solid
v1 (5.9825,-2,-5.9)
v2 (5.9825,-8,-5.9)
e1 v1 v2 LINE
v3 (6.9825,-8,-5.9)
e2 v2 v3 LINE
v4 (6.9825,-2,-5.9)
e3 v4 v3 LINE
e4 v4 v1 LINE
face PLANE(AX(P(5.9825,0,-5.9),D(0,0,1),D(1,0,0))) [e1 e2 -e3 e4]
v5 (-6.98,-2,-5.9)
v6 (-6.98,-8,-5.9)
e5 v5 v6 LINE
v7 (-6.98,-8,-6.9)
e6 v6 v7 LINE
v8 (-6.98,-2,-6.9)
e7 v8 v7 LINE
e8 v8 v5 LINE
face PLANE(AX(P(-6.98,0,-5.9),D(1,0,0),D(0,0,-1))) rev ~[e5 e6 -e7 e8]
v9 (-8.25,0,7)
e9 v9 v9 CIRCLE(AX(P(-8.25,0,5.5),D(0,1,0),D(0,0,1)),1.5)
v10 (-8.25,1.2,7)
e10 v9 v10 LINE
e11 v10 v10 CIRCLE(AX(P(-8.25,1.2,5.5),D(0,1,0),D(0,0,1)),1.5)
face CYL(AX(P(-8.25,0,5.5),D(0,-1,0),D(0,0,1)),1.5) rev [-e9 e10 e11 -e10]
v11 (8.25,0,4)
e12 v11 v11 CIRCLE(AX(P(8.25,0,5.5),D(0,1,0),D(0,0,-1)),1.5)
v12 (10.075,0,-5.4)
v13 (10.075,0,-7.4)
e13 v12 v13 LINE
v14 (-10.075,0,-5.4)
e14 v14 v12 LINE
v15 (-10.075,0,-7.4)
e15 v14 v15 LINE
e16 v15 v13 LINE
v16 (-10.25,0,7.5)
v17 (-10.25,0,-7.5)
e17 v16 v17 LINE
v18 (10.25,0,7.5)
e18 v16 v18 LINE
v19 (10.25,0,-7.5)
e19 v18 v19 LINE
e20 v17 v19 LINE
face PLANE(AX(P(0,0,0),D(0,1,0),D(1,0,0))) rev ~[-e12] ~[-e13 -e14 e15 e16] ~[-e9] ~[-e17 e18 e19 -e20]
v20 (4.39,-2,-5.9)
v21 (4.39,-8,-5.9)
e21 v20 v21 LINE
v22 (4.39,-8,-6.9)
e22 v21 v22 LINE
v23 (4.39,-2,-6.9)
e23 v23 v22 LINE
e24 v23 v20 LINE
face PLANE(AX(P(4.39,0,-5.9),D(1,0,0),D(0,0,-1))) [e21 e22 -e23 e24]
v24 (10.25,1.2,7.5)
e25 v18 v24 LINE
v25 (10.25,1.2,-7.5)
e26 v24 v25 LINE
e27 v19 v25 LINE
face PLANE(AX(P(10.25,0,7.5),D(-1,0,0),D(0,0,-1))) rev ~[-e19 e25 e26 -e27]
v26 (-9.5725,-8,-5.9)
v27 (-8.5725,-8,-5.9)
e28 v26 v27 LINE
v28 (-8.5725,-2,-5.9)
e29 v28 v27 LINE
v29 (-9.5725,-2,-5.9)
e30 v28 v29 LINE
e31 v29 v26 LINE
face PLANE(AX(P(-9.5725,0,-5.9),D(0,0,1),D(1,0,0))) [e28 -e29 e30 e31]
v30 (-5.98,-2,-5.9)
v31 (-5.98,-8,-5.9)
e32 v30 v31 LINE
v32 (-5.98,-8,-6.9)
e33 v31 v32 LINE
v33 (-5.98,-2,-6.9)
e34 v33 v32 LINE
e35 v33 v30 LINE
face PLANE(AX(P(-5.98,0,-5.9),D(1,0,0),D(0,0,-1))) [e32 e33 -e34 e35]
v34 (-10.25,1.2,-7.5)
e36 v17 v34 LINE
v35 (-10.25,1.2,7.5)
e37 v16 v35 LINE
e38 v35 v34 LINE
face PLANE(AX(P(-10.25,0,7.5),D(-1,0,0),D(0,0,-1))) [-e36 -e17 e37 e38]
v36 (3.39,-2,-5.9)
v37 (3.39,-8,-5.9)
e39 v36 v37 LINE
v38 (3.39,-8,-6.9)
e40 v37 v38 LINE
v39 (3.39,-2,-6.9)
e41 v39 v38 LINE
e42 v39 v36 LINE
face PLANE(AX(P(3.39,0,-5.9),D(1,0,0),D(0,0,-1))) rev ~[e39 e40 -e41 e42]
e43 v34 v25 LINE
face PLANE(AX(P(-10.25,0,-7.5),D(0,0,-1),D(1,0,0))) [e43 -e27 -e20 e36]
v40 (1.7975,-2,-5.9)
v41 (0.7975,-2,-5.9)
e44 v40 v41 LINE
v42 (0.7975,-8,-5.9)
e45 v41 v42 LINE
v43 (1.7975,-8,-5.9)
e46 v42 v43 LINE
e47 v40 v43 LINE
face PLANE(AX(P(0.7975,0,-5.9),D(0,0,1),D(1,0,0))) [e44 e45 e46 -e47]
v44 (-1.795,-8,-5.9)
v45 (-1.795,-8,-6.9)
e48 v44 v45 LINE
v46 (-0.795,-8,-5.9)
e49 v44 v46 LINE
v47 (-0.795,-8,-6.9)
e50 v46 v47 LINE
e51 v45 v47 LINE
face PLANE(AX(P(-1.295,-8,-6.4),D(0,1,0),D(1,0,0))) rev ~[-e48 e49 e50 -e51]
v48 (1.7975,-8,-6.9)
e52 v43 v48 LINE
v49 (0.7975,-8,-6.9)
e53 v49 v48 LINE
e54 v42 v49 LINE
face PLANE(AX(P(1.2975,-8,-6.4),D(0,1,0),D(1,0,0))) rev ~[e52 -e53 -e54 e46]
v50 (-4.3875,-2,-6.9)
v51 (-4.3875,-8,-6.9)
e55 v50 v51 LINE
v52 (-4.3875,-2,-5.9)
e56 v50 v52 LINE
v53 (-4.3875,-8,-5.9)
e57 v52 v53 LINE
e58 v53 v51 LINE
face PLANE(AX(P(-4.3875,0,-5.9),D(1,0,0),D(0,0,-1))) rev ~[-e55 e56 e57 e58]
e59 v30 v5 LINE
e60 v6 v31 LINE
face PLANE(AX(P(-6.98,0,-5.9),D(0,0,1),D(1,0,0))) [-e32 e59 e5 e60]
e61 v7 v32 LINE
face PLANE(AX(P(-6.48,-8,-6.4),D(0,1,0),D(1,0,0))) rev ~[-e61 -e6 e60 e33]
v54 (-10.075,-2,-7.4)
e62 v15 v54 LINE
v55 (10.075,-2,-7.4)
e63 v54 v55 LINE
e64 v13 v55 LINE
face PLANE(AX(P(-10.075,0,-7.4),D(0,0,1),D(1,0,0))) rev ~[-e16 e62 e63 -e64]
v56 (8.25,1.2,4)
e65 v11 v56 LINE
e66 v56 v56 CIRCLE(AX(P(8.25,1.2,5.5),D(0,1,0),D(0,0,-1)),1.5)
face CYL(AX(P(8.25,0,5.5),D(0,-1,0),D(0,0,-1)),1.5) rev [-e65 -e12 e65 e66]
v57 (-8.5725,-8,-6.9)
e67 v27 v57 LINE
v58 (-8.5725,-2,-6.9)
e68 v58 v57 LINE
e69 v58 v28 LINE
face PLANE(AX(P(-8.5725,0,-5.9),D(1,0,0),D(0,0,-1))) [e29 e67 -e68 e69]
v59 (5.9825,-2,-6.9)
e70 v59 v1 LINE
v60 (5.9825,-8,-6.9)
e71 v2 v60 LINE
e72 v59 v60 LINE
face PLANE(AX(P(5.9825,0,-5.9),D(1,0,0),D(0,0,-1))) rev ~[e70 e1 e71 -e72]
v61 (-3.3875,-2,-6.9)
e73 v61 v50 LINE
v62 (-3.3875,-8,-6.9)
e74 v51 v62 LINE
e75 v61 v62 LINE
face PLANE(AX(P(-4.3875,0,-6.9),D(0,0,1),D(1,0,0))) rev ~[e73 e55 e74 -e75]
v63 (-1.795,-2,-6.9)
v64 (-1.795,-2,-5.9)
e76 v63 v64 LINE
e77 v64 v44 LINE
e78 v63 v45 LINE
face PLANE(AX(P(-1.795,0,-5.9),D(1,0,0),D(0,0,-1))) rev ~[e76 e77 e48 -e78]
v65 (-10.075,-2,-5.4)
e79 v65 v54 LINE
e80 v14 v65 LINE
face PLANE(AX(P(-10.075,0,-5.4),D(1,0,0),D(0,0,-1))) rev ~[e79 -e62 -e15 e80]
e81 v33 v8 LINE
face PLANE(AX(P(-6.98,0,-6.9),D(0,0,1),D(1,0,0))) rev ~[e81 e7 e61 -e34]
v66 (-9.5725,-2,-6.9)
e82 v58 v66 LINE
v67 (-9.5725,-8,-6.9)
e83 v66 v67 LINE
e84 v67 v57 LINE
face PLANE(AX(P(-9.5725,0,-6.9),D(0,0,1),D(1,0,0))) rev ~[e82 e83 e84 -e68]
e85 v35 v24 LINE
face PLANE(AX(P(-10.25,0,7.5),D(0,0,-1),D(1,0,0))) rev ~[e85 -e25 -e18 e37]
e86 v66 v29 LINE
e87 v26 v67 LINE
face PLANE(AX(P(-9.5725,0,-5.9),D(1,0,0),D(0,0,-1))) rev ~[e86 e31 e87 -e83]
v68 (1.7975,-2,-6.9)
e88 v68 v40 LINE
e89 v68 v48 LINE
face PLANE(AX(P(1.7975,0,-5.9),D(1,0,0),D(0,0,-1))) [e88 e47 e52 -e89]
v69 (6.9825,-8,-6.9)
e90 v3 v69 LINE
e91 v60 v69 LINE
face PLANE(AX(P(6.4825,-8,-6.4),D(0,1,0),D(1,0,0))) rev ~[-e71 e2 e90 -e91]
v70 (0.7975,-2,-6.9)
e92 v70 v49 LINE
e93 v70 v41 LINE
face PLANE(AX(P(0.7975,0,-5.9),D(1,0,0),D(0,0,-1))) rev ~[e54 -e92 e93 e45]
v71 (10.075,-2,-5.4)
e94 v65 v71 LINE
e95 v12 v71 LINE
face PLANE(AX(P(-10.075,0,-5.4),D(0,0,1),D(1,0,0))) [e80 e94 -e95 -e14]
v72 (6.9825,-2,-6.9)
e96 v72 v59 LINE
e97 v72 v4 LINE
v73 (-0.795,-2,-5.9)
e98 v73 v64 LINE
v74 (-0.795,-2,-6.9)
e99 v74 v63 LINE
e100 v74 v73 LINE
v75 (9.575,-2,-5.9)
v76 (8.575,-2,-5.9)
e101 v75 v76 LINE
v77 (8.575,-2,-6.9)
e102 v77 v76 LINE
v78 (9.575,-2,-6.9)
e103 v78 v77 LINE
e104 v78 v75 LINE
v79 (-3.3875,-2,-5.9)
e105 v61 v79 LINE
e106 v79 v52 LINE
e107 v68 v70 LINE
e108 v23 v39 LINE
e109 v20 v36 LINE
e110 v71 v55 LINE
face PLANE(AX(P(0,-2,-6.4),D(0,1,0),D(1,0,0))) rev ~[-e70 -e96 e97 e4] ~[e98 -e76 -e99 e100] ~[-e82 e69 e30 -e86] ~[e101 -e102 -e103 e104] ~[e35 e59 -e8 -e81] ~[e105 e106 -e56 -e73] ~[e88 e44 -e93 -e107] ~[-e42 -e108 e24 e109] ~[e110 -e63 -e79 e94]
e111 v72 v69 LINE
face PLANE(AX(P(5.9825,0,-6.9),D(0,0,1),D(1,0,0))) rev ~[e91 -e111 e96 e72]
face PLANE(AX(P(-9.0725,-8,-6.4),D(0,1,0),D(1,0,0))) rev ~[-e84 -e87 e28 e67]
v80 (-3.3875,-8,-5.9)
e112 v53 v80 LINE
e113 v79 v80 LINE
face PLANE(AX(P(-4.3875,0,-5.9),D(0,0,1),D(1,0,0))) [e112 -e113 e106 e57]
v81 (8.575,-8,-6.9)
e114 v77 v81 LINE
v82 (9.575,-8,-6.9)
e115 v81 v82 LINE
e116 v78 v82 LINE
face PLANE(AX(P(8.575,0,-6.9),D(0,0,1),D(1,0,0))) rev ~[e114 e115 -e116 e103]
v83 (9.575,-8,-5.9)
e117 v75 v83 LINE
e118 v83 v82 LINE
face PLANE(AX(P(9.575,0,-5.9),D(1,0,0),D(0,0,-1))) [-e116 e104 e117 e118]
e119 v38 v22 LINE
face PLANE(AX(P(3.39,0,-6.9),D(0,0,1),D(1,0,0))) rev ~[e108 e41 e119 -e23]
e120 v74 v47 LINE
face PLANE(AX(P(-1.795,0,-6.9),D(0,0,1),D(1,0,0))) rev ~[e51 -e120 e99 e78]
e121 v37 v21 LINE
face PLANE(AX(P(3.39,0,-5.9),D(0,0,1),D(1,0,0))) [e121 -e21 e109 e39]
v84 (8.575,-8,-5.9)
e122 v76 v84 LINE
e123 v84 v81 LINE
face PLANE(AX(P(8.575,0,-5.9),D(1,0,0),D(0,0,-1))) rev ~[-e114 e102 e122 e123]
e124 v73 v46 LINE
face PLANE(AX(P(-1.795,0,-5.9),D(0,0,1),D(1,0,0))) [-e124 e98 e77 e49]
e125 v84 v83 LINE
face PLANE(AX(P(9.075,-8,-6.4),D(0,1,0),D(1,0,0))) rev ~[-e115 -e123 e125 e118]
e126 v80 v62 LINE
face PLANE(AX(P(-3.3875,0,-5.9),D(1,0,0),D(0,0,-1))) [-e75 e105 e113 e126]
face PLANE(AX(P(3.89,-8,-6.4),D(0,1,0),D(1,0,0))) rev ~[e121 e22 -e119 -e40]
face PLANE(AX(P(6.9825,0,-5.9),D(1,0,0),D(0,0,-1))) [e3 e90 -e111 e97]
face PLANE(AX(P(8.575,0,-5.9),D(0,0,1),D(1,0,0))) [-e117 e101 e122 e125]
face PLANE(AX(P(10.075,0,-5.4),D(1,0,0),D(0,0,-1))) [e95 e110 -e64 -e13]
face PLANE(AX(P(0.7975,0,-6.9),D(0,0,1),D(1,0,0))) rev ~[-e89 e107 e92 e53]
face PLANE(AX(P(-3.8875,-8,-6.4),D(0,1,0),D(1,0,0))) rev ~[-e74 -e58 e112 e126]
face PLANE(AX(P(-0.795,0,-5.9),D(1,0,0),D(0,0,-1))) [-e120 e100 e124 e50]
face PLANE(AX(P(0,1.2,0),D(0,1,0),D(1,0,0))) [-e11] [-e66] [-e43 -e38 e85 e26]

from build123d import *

# Parameters (mm, degrees)
SKETCH1_W           = 20.5
SKETCH1_H           = 15
SKETCH1_R           = 1.5
BOSS_EXTRUDE1_DEPTH = 1.2
SKETCH2_W           = 1
SKETCH2_H           = 1
BOSS_EXTRUDE2_DEPTH = 8
SKETCH3_W           = 20.15
SKETCH3_H           = 2
BOSS_EXTRUDE3_DEPTH = 2


with BuildPart() as part:
    # Sketch1 → Boss-Extrude1 (new body)
    with BuildSketch(Plane(origin=(0, 0, 0), x_dir=(1, 0, 0), z_dir=(0, 1, 0))):
        Rectangle(SKETCH1_W, SKETCH1_H)
        with Locations(Location((-8.25, -5.5, 0), (0, 0, 270))):
            Circle(SKETCH1_R, mode=Mode.SUBTRACT)
        with Locations(Location((8.25, -5.5, 0), (0, 0, 90))):
            Circle(SKETCH1_R, mode=Mode.SUBTRACT)
    extrude(amount=BOSS_EXTRUDE1_DEPTH)

    # Sketch2 → Boss-Extrude2 (add)
    with BuildSketch(Plane(origin=(0, 0, 0), x_dir=(1, 0, 0), z_dir=(0, 1, 0))):
        with Locations((9.075, 6.4)):
            Rectangle(SKETCH2_W, SKETCH2_H)
        with Locations((6.4825, 6.4)):
            Rectangle(SKETCH2_W, SKETCH2_H)
        with Locations((3.89, 6.4)):
            Rectangle(SKETCH2_W, SKETCH2_H)
        with Locations((1.2975, 6.4)):
            Rectangle(SKETCH2_W, SKETCH2_H)
        with Locations((-1.295, 6.4)):
            Rectangle(SKETCH2_W, SKETCH2_H)
        with Locations((-3.8875, 6.4)):
            Rectangle(SKETCH2_W, SKETCH2_H)
        with Locations((-6.48, 6.4)):
            Rectangle(SKETCH2_W, SKETCH2_H)
        with Locations((-9.0725, 6.4)):
            Rectangle(SKETCH2_W, SKETCH2_H)
    extrude(amount=-BOSS_EXTRUDE2_DEPTH)

    # Sketch3 → Boss-Extrude3 (add)
    with BuildSketch(Plane(origin=(0, 0, 0), x_dir=(1, 0, 0), z_dir=(0, 1, 0))):
        with Locations((0, 6.4)):
            Rectangle(SKETCH3_W, SKETCH3_H)
    extrude(amount=-BOSS_EXTRUDE3_DEPTH)


solid = part.part
